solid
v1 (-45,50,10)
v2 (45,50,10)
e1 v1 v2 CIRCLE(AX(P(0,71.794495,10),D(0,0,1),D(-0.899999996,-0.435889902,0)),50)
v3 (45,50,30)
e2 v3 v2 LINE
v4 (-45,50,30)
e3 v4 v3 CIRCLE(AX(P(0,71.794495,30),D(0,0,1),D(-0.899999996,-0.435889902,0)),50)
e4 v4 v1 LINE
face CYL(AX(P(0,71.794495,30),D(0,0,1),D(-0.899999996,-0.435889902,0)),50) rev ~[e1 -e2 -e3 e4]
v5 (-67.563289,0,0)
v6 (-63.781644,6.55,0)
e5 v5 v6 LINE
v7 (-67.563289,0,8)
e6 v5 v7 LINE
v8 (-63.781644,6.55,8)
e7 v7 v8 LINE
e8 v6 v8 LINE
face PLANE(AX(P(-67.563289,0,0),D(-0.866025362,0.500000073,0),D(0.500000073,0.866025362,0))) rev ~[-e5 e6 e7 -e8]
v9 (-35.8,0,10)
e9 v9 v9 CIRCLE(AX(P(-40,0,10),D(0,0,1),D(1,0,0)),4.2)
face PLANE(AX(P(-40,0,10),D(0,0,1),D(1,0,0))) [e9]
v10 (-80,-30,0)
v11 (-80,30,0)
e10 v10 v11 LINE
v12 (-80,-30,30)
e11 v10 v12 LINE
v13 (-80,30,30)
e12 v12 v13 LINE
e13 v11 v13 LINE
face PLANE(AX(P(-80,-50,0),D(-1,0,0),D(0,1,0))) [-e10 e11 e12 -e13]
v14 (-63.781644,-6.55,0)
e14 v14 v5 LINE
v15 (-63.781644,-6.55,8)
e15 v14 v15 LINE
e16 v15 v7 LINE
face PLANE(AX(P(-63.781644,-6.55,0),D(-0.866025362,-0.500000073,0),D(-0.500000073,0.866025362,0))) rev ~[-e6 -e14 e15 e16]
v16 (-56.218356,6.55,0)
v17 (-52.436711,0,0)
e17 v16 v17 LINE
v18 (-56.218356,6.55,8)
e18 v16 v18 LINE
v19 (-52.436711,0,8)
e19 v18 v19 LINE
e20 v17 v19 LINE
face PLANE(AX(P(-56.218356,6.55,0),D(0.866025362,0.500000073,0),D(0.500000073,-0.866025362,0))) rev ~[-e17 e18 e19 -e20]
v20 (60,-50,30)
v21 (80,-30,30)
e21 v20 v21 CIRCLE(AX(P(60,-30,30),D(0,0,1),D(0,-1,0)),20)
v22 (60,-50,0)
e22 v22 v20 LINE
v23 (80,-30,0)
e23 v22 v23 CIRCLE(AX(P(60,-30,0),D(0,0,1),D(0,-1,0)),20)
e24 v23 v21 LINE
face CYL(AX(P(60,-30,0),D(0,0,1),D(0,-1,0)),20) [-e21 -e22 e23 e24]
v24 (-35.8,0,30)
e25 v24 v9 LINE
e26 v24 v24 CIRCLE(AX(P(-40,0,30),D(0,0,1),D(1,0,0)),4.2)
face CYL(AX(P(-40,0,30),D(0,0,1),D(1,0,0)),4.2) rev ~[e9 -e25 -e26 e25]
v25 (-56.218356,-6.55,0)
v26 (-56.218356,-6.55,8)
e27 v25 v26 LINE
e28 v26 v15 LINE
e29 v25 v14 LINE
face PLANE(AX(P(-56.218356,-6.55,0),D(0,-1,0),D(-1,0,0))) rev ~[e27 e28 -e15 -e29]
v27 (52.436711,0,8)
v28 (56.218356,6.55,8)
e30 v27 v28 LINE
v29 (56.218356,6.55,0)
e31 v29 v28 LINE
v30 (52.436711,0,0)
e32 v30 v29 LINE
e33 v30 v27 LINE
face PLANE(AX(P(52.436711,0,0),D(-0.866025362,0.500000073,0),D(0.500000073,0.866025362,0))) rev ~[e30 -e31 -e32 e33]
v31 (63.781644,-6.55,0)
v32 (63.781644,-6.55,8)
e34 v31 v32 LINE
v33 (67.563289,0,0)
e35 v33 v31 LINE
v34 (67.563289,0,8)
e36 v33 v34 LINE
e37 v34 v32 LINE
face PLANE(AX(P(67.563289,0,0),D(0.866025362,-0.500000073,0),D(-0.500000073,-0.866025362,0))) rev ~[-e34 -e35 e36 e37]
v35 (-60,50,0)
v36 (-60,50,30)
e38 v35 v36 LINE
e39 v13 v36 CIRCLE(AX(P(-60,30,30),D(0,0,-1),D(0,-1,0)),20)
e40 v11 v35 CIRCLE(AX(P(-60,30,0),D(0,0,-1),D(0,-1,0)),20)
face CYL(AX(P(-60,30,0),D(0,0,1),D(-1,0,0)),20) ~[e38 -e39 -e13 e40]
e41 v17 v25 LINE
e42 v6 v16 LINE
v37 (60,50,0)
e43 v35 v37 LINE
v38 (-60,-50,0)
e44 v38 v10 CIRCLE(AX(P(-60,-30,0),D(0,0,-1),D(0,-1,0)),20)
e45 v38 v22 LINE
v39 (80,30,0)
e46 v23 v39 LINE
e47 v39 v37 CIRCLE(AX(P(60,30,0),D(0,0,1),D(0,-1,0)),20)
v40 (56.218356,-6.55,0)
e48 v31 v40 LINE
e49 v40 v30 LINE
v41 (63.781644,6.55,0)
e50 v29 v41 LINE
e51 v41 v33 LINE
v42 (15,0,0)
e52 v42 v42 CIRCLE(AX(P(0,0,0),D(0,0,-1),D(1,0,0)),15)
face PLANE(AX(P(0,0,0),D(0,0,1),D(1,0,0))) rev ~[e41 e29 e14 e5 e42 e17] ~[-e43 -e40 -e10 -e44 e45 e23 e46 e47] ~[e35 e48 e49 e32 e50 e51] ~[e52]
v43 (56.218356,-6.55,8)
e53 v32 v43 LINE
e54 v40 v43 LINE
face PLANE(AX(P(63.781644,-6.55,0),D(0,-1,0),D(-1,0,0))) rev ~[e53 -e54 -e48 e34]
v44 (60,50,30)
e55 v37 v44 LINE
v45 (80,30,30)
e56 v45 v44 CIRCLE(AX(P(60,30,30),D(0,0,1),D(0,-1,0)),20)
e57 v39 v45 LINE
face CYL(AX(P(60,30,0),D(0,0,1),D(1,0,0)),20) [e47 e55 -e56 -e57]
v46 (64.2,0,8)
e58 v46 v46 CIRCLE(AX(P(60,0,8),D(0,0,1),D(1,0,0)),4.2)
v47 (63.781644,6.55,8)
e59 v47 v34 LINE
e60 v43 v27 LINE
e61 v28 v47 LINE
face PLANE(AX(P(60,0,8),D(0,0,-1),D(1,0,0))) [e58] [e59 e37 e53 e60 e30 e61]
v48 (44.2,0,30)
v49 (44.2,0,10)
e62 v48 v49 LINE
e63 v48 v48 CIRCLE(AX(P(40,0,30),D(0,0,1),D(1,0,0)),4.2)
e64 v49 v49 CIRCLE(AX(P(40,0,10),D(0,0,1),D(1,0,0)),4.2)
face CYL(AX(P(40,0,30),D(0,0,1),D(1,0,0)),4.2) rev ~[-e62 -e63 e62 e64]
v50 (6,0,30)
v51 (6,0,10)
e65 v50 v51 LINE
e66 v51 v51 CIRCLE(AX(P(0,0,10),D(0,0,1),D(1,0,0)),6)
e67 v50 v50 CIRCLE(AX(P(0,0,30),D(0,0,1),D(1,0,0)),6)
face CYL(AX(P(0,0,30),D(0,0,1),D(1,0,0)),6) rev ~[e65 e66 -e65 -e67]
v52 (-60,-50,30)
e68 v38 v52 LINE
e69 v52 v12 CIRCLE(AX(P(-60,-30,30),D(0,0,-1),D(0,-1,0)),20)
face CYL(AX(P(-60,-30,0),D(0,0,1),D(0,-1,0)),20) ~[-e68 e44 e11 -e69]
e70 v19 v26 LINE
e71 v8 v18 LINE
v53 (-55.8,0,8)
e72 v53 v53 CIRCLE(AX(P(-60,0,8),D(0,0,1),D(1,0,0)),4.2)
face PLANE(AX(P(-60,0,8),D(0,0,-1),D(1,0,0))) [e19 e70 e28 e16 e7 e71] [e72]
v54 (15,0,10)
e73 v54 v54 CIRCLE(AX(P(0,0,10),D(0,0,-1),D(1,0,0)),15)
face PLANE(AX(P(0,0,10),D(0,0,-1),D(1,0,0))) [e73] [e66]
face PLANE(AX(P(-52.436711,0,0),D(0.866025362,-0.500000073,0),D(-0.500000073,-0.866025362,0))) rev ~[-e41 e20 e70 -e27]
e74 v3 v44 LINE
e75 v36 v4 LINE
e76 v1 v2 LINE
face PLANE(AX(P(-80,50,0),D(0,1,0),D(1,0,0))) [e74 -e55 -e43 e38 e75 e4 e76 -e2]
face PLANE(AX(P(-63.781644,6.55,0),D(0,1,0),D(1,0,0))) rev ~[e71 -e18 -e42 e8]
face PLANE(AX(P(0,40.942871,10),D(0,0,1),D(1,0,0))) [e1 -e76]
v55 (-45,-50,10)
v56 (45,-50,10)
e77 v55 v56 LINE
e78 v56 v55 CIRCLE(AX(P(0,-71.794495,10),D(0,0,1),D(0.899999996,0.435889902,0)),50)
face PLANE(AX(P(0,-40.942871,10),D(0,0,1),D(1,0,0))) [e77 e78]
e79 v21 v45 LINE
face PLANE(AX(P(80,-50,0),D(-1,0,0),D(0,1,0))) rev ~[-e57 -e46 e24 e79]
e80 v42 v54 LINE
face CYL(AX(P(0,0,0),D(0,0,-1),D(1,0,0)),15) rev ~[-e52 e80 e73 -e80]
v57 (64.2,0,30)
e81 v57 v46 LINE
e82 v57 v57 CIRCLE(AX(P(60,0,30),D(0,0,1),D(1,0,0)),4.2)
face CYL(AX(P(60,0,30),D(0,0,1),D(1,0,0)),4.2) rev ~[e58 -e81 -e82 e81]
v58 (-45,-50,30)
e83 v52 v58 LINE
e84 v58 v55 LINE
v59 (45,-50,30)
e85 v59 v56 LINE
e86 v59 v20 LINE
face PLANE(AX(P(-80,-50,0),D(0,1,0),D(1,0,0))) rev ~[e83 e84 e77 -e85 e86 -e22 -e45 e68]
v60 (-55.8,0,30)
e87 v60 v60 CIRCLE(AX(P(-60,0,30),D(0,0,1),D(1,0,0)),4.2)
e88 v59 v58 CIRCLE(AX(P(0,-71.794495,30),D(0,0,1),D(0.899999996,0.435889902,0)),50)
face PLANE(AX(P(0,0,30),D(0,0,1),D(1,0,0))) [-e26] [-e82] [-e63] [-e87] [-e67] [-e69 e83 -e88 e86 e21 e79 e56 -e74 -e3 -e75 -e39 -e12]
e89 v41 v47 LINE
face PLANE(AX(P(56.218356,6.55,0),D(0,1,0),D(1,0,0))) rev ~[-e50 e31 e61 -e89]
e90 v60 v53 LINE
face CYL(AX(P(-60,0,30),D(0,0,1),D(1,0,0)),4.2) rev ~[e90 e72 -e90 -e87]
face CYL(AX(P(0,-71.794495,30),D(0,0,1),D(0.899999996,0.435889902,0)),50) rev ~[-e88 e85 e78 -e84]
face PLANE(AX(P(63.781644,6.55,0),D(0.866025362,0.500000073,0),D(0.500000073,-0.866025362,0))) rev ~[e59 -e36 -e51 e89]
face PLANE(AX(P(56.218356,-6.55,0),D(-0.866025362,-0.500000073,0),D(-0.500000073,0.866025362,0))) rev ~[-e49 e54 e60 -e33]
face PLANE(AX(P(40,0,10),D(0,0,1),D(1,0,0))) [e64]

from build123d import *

# Parameters (mm, degrees)
SKETCH_W        = 160
SKETCH_H        = 100
PAD_DEPTH       = 30
SKETCH001_R     = 6
SKETCH001_R_2   = 4.2
POCKET_DEPTH    = 30
POCKET001_DEPTH = 8
SKETCH003_R     = 15
POCKET002_DEPTH = 10
FILLET_R        = 20
POCKET003_DEPTH = 20
FILLET001_R     = 20
FILLET002_R     = 20
FILLET003_R     = 20
SKETCH006_R     = 4.2
POCKET004_DEPTH = 20


with BuildPart() as part:
    # Sketch → Pad (new body)
    with BuildSketch(Plane.XY):
        Rectangle(SKETCH_W, SKETCH_H)
    extrude(amount=PAD_DEPTH)

    # Sketch001 (on Face6 of Pad) → Pocket (cut)
    with BuildSketch(Plane.XY.offset(30)):
        Circle(SKETCH001_R)
        with Locations((60, 0)):
            Circle(SKETCH001_R_2)
        with Locations((-60, 0)):
            Circle(SKETCH001_R_2)
    extrude(amount=-POCKET_DEPTH, mode=Mode.SUBTRACT)

    # Sketch002 (on Face4 of Pocket) → Pocket001 (cut)
    with BuildSketch(Plane(origin=(0, 0, 0), x_dir=(1, 0, 0), z_dir=(0, 0, -1))):
        Polygon((-52.436711, 0), (-56.218356, 6.55), (-63.781644, 6.55), (-67.563289, 0), (-63.781644, -6.55), (-56.218356, -6.55), align=None)
        Polygon((67.563289, 0), (63.781644, 6.55), (56.218356, 6.55), (52.436711, 0), (56.218356, -6.55), (63.781644, -6.55), align=None)
    extrude(amount=-POCKET001_DEPTH, mode=Mode.SUBTRACT)

    # Sketch003 (on Face4 of Pocket001) → Pocket002 (cut)
    with BuildSketch(Plane(origin=(0, 0, 0), x_dir=(1, 0, 0), z_dir=(0, 0, -1))):
        Circle(SKETCH003_R)
    extrude(amount=-POCKET002_DEPTH, mode=Mode.SUBTRACT)

    # Fillet
    fillet_edges = [part.edges().sort_by_distance(p)[0] for p in [
        (-80, 50, 15),
    ]]
    fillet(fillet_edges, radius=FILLET_R)

    # Sketch004 → Pocket003 (cut)
    with BuildSketch(Plane.XY.offset(30)):
        with BuildLine():
            ThreePointArc((-45, 50), (0, 21.794495), (45, 50))
            Line((-45, 50), (45, 50))
        make_face()
        with BuildLine():
            ThreePointArc((45, -50), (0, -21.794495), (-45, -50))
            Line((-45, -50), (45, -50))
        make_face()
    extrude(amount=-POCKET003_DEPTH, mode=Mode.SUBTRACT)

    # Fillet001
    fillet001_edges = [part.edges().sort_by_distance(p)[0] for p in [
        (80, -50, 15),
    ]]
    fillet(fillet001_edges, radius=FILLET001_R)

    # Fillet002
    fillet002_edges = [part.edges().sort_by_distance(p)[0] for p in [
        (80, 50, 15),
    ]]
    fillet(fillet002_edges, radius=FILLET002_R)

    # Fillet003
    fillet003_edges = [part.edges().sort_by_distance(p)[0] for p in [
        (-80, -50, 15),
    ]]
    fillet(fillet003_edges, radius=FILLET003_R)

    # Sketch006 (on Face23 of Fillet003) → Pocket004 (cut)
    with BuildSketch(Plane.XY.offset(30)):
        with Locations((-40, 0)):
            Circle(SKETCH006_R)
        with Locations((40, 0)):
            Circle(SKETCH006_R)
    extrude(amount=-POCKET004_DEPTH, mode=Mode.SUBTRACT)


solid = part.part
